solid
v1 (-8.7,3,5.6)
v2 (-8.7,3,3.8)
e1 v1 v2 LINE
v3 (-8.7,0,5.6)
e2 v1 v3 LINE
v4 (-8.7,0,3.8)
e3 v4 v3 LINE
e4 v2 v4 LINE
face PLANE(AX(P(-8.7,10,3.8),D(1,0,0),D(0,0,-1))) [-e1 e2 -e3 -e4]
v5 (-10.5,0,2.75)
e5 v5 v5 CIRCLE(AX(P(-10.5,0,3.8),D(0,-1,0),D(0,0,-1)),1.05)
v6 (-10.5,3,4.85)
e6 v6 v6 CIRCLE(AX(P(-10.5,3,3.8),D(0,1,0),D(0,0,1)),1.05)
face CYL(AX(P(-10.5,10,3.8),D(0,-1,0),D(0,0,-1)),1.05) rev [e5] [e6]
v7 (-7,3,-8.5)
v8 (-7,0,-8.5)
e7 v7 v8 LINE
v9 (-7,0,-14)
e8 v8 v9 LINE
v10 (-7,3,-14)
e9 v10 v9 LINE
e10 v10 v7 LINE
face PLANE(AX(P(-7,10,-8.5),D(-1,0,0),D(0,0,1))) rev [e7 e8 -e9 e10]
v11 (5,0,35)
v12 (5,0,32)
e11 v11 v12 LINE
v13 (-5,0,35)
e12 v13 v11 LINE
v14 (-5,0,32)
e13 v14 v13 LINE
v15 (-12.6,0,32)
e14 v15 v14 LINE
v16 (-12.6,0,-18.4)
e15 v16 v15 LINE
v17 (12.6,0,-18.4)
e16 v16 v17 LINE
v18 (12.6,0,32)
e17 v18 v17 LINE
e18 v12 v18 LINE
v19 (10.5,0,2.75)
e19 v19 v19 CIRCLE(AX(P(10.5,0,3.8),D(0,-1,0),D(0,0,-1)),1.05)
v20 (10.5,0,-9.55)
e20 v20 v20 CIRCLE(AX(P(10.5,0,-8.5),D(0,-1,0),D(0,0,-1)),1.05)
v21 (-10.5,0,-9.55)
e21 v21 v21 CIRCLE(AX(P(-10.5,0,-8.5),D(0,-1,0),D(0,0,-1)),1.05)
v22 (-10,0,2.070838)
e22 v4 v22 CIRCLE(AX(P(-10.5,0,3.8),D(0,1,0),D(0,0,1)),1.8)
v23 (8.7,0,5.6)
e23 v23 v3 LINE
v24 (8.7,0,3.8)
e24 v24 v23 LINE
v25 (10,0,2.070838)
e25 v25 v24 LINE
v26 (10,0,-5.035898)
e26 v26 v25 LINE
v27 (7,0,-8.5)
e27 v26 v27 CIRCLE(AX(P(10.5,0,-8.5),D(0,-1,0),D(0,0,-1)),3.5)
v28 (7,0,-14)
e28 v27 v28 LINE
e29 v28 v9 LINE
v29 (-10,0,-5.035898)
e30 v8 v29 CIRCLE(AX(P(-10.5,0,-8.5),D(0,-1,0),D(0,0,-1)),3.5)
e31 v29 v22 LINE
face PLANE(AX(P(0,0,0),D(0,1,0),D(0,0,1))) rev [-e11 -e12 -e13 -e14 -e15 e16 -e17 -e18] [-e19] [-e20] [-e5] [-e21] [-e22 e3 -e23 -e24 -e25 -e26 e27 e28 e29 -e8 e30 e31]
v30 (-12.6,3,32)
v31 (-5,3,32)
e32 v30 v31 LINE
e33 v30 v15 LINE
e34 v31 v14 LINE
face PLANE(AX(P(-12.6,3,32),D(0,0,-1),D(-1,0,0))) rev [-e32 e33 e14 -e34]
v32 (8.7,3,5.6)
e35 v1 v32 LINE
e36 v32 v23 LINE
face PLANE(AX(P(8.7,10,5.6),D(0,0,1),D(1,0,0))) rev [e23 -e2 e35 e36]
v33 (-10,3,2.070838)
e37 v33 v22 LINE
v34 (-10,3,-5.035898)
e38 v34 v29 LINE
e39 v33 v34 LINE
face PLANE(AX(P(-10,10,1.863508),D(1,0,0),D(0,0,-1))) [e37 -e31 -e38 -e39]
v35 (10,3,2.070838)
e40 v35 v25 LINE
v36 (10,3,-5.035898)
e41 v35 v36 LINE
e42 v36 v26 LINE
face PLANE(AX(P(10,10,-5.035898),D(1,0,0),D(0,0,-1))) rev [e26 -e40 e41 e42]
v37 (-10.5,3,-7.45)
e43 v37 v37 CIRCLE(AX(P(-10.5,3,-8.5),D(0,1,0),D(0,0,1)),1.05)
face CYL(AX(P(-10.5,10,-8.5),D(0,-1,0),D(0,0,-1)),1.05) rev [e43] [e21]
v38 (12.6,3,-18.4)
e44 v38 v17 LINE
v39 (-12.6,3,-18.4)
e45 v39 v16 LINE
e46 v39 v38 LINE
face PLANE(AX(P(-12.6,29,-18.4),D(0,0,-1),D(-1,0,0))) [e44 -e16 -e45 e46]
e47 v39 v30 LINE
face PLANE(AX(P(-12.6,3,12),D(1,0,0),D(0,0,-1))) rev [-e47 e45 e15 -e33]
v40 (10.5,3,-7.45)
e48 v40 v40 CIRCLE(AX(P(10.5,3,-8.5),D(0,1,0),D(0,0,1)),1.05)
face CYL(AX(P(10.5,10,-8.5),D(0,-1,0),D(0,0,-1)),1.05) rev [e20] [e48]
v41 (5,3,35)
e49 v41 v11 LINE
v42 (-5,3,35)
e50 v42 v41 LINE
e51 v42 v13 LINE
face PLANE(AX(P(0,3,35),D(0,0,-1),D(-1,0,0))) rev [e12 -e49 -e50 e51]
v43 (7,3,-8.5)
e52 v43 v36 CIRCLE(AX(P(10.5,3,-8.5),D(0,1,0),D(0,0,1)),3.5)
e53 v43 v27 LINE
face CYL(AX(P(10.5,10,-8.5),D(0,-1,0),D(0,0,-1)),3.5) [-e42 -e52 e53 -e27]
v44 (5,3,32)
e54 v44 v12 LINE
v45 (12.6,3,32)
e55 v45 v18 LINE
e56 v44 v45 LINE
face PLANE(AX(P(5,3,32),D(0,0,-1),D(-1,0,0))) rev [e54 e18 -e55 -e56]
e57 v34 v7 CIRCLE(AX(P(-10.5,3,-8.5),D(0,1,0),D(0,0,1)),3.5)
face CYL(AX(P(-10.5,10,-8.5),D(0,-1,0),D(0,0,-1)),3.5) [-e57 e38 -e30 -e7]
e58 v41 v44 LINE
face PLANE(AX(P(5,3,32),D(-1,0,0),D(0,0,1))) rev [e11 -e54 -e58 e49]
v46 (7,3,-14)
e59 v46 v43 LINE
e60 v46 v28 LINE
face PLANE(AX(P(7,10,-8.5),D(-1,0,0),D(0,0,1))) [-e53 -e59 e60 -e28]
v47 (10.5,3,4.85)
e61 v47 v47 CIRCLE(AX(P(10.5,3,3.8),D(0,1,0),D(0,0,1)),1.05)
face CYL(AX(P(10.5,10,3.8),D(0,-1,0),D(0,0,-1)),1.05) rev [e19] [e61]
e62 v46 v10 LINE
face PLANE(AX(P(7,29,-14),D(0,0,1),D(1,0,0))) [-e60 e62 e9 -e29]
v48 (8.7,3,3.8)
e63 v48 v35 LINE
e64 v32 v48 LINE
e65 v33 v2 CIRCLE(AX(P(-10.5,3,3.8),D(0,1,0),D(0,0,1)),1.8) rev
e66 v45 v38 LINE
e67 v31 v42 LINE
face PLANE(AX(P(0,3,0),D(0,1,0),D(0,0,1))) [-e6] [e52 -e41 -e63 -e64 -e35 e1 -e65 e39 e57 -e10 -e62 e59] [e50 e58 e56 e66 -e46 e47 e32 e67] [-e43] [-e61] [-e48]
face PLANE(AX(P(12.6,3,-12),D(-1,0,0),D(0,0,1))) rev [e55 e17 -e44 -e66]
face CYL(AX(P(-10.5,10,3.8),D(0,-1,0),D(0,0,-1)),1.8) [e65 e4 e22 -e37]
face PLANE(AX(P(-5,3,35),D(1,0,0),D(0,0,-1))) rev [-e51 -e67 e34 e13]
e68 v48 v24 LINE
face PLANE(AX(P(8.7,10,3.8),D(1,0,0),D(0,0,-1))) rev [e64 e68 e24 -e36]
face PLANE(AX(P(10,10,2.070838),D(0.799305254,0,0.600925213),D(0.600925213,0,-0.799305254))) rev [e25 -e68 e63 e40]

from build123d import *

# Parameters (mm, degrees)
BOSS_EXTRUDE1_DEPTH = 3
SKETCH2_R           = 1.05
CUT_EXTRUDE1_DEPTH  = 10
CUT_EXTRUDE4_DEPTH  = 10
BOSS_EXTRUDE2_DEPTH = 3


with BuildPart() as part:
    # Sketch1 → Boss-Extrude1 (new body)
    with BuildSketch(Plane(origin=(0, 0, 0), x_dir=(1, 0, 0), z_dir=(0, 1, 0))):
        Polygon((-12.6, -12), (-12.6, -32), (-5, -32), (-5, -35), (0, -35), (5, -35), (5, -32), (12.6, -32), (12.6, -12), (12.6, 12), (-12.6, 12), align=None)
    extrude(amount=BOSS_EXTRUDE1_DEPTH)

    # Sketch2 → Cut-Extrude1 (cut)
    with BuildSketch(Plane.XZ):
        with Locations(Location((10.5, -8.5, 0), (0, 0, 270))):
            Circle(SKETCH2_R)
        with Locations(Location((-10.5, -8.5, 0), (0, 0, 270))):
            Circle(SKETCH2_R)
        with Locations(Location((-10.5, 3.8, 0), (0, 0, 270))):
            Circle(SKETCH2_R)
        with Locations(Location((10.5, 3.8, 0), (0, 0, 270))):
            Circle(SKETCH2_R)
    extrude(amount=-CUT_EXTRUDE1_DEPTH, mode=Mode.SUBTRACT)

    # Sketch5 → Cut-Extrude4 (cut)
    with BuildSketch(Plane(origin=(0, 0, 0), x_dir=(-1, 0, 0), z_dir=(0, -1, 0))):
        with BuildLine():
            Line((-10, 5.035898385), (-10, -1.863508327))
            Line((-10, -1.863508327), (-10, -2.070838353))
            Line((-10, -2.070838353), (-8.7, -3.8))
            Line((-8.7, -3.8), (-8.7, -5.6))
            Line((-8.7, -5.6), (8.7, -5.6))
            Line((8.7, -5.6), (8.7, -3.8))
            ThreePointArc((8.7, -3.8), (9.061250543, -2.718334617), (10, -2.070838353))
            Line((10, -2.070838353), (10, -1.863508327))
            Line((10, -1.863508327), (10, 5.035898385))
            ThreePointArc((10, 5.035898385), (7.854248689, 6.208712153), (7, 8.5))
            Line((7, 8.5), (7, 12))
            Line((7, 12), (-7, 12))
            Line((-7, 12), (-7, 8.5))
            ThreePointArc((-7, 8.5), (-7.854248689, 6.208712153), (-10, 5.035898385))
        make_face()
    extrude(amount=-CUT_EXTRUDE4_DEPTH, mode=Mode.SUBTRACT)

    # Sketch6 → Boss-Extrude2 (add)
    with BuildSketch(Plane.XZ):
        Polygon((7, -12), (7, -14), (-7, -14), (-7, -12), (-12.6, -12), (-12.6, -18.4), (12.6, -18.4), (12.6, -12), align=None)
    extrude(amount=-BOSS_EXTRUDE2_DEPTH)


solid = part.part
